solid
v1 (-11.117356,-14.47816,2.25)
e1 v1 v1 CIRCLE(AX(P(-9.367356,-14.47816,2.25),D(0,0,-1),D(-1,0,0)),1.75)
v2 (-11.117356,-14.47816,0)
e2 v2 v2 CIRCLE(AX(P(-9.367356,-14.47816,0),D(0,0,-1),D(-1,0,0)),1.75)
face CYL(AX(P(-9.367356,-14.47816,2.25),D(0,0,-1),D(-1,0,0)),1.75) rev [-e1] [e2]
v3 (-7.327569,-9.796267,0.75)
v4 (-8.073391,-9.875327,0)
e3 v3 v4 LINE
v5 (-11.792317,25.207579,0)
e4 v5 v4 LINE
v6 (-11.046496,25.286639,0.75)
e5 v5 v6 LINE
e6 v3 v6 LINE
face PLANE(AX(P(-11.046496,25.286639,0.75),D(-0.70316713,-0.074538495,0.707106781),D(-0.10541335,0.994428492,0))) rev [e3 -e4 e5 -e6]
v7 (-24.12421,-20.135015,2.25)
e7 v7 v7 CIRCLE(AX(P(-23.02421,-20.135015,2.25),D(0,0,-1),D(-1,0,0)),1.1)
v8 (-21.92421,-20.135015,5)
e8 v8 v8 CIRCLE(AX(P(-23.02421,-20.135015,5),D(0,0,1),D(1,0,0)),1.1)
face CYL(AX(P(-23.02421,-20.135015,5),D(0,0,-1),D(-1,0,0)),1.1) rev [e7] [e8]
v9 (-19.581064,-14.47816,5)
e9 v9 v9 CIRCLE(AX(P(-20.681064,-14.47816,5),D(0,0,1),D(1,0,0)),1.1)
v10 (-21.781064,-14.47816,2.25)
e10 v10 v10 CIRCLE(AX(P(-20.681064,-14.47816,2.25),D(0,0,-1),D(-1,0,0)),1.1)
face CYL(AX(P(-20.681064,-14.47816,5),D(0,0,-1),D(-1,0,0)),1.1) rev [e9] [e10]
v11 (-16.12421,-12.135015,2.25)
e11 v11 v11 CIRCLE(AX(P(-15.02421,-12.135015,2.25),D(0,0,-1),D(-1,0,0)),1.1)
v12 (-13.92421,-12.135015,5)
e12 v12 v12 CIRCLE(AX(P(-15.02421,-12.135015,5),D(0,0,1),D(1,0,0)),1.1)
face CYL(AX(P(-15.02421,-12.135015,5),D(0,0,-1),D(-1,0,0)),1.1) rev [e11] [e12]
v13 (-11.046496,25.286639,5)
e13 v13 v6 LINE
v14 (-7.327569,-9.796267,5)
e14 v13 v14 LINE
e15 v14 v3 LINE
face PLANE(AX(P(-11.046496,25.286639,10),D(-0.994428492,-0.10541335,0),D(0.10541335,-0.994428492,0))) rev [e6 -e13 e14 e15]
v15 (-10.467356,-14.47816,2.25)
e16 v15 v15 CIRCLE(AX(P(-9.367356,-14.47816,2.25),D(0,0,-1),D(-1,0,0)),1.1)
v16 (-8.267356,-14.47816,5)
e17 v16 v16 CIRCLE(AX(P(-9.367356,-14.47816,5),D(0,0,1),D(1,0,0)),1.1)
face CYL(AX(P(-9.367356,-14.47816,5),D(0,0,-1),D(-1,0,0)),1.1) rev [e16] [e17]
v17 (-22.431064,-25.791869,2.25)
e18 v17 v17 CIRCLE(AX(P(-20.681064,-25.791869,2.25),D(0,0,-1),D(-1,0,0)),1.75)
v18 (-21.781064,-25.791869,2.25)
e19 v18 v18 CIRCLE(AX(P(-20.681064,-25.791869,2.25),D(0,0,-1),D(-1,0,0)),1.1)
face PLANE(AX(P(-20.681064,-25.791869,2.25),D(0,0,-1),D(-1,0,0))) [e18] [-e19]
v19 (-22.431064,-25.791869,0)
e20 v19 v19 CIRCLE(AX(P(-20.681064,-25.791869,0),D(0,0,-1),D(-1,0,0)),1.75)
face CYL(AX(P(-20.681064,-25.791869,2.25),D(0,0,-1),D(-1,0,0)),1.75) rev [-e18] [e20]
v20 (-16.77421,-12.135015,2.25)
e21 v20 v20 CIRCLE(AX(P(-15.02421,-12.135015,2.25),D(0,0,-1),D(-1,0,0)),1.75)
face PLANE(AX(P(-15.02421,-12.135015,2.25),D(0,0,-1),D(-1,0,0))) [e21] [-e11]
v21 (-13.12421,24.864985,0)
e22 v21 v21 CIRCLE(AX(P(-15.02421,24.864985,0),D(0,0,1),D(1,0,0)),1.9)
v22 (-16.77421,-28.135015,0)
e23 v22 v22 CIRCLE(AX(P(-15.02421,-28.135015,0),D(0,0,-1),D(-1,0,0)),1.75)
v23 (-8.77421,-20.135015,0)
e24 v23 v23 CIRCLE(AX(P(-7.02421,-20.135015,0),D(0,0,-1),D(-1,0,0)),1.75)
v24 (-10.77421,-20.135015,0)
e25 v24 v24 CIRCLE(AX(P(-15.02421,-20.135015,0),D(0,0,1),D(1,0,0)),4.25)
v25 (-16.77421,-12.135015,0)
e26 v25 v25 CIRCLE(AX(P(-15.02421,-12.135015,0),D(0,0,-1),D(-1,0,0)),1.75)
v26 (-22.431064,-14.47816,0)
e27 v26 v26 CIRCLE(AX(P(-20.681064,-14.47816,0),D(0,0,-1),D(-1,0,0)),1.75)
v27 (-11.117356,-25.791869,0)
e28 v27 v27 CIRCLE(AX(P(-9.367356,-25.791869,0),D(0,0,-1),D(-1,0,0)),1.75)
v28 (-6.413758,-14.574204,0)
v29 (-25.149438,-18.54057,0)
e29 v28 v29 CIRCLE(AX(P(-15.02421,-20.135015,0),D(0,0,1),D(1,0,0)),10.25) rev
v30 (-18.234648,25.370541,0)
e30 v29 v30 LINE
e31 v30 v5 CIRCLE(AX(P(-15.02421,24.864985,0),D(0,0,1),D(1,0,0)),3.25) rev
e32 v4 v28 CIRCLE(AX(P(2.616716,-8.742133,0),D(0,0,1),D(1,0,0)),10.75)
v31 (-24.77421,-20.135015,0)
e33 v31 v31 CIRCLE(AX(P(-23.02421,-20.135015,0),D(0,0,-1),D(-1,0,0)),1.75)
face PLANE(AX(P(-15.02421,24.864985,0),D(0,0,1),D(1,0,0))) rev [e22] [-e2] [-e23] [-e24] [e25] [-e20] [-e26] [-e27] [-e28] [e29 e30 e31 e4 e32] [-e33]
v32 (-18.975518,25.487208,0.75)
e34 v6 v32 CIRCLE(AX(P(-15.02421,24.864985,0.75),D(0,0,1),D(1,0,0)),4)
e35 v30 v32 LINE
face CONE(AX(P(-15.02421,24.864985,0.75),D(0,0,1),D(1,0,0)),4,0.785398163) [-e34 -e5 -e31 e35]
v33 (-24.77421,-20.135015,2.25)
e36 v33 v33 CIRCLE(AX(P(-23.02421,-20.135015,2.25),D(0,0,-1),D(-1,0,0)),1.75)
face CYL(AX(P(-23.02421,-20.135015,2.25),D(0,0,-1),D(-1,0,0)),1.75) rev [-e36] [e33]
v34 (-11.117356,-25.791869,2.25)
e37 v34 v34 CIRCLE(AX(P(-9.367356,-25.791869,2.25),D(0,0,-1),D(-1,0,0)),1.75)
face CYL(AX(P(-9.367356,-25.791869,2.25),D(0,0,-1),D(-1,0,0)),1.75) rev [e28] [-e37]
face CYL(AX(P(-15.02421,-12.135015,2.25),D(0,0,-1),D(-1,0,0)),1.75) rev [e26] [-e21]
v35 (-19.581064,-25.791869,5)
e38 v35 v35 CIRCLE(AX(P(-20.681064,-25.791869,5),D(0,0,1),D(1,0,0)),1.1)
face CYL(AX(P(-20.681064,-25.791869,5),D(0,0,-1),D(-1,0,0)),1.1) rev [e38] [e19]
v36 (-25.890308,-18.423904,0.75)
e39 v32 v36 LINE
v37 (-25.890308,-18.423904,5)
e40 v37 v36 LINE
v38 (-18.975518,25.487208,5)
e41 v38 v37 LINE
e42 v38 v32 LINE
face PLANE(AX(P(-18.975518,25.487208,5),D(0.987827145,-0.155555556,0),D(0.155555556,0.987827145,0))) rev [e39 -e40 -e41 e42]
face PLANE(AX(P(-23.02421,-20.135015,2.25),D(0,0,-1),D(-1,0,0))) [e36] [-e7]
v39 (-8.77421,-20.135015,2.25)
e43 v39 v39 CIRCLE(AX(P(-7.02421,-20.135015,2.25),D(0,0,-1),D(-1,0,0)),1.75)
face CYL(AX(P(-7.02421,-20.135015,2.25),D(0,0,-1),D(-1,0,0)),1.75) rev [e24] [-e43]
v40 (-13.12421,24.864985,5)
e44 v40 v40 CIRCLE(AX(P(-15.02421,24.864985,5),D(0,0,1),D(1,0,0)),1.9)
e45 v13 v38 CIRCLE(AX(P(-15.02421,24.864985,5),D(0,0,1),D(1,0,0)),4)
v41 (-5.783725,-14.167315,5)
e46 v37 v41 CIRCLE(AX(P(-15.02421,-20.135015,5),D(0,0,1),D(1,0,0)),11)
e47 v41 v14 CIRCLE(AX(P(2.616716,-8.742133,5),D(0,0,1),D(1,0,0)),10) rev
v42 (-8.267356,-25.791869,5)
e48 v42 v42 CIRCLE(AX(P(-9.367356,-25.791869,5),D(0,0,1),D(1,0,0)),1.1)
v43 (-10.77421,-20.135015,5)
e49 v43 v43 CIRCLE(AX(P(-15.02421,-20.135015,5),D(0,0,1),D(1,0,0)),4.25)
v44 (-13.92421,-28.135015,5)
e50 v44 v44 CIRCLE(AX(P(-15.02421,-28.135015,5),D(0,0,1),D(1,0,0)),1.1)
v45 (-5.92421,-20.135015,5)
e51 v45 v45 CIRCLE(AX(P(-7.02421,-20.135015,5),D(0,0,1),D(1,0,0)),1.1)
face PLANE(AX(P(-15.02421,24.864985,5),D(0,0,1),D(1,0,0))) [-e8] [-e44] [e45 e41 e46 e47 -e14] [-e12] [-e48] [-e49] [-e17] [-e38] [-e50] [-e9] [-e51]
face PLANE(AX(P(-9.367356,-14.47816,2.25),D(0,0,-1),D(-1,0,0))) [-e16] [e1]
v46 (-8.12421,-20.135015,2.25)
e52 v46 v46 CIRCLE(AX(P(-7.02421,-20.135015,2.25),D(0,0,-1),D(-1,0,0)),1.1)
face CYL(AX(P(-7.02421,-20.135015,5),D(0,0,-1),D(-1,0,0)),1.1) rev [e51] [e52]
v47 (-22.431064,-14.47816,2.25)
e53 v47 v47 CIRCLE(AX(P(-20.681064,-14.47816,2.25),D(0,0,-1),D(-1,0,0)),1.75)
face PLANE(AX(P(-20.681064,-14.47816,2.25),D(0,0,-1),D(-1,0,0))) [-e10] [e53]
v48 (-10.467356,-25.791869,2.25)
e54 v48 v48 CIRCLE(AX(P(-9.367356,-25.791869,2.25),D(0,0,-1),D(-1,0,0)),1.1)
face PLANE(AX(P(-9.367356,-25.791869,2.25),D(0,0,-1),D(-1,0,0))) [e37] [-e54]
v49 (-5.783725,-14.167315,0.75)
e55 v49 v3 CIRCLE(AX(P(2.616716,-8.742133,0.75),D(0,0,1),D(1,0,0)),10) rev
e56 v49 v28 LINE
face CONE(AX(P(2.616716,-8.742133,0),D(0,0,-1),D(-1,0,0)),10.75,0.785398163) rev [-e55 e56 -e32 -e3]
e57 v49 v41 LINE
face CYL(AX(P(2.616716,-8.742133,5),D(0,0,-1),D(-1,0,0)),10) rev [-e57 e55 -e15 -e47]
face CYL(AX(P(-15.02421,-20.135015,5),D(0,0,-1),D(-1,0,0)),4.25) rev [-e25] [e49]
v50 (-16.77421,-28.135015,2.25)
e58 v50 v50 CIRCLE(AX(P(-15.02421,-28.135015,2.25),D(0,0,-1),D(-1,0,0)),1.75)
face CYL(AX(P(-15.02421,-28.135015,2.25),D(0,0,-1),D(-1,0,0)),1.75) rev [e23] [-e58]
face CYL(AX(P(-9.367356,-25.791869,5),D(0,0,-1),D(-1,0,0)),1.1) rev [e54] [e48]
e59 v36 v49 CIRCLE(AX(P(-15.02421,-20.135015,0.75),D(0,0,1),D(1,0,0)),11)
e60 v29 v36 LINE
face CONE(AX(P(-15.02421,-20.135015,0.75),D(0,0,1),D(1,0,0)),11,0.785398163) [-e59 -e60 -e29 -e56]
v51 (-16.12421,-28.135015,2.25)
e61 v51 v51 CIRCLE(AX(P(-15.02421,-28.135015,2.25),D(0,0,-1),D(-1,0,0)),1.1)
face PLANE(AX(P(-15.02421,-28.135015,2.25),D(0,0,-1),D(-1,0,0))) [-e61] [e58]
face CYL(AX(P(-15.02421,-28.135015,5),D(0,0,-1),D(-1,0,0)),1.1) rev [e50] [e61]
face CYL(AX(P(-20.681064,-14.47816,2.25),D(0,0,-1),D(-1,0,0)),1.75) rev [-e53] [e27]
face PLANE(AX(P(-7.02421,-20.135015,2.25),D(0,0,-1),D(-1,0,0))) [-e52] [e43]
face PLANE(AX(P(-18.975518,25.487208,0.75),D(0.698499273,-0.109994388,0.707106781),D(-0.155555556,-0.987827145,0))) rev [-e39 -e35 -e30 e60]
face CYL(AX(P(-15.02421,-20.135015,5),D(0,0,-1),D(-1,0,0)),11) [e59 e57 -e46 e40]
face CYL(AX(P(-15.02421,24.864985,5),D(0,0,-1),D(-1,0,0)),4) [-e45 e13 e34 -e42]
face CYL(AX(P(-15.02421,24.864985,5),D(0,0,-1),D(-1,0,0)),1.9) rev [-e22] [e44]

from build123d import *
from build123d.topology import SkipClean

# Parameters (mm, degrees)
SKETCH1_R             = 1.9
SKETCH1_R_2           = 4.25
SKETCH1_R_3           = 1.1
BOSS_EXTRUDE1_DEPTH   = 5
SKETCH4_R             = 1.75
CUT_EXTRUDE3_DEPTH    = 2.25
CORTAR_EXTRUIR1_DEPTH = 10
REDONDEO1_R           = 10
CHAFL_N1_SIZE         = 0.75


with BuildPart() as part:
    # Sketch1 → Boss-Extrude1 (new body)
    with BuildSketch(Plane.XY):
        with BuildLine():
            Line((-18.975518457, 25.487207509), (-25.890308475, -18.423903602))
            ThreePointArc((-25.890308475, -18.423903602), (-15.024209876, -31.135014713), (-4.158111277, -18.423903602))
            Line((-4.158111277, -18.423903602), (-11.072901294, 25.487207509))
            ThreePointArc((-11.072901294, 25.487207509), (-15.024209876, 28.864985287), (-18.975518457, 25.487207509))
        make_face()
        with Locations((-15.024209876, 24.864985287)):
            Circle(SKETCH1_R, mode=Mode.SUBTRACT)
        with Locations((-15.024209876, -20.135014713)):
            Circle(SKETCH1_R_2, mode=Mode.SUBTRACT)
        with Locations((-7.024209876, -20.135014713)):
            Circle(SKETCH1_R_3, mode=Mode.SUBTRACT)
        with Locations((-9.367355626, -25.791868962)):
            Circle(SKETCH1_R_3, mode=Mode.SUBTRACT)
        with Locations((-15.024209876, -28.135014713)):
            Circle(SKETCH1_R_3, mode=Mode.SUBTRACT)
        with Locations((-20.681064125, -25.791868962)):
            Circle(SKETCH1_R_3, mode=Mode.SUBTRACT)
        with Locations((-23.024209876, -20.135014713)):
            Circle(SKETCH1_R_3, mode=Mode.SUBTRACT)
        with Locations((-20.681064125, -14.478160463)):
            Circle(SKETCH1_R_3, mode=Mode.SUBTRACT)
        with Locations((-15.024209876, -12.135014713)):
            Circle(SKETCH1_R_3, mode=Mode.SUBTRACT)
        with Locations((-9.367355626, -14.478160463)):
            Circle(SKETCH1_R_3, mode=Mode.SUBTRACT)
    extrude(amount=BOSS_EXTRUDE1_DEPTH)

    # Sketch4 → Cut-Extrude3 (cut)
    with BuildSketch(Plane(origin=(0, 0, 0), x_dir=(-1, 0, 0), z_dir=(0, 0, -1))):
        with Locations((23.024209876, -20.135014713)):
            Circle(SKETCH4_R)
        with Locations((20.681064125, -25.791868962)):
            Circle(SKETCH4_R)
        with Locations((15.024209876, -28.135014713)):
            Circle(SKETCH4_R)
        with Locations((9.367355626, -25.791868962)):
            Circle(SKETCH4_R)
        with Locations((7.024209876, -20.135014713)):
            Circle(SKETCH4_R)
        with Locations((9.367355626, -14.478160463)):
            Circle(SKETCH4_R)
        with Locations((15.024209876, -12.135014713)):
            Circle(SKETCH4_R)
        with Locations((20.681064125, -14.478160463)):
            Circle(SKETCH4_R)
    extrude(amount=-CUT_EXTRUDE3_DEPTH, mode=Mode.SUBTRACT)

    # Croquis1 → Cortar-Extruir1 (cut)
    with SkipClean():  # the faces are left unmerged after this step: merging them gives an invalid solid
        with BuildSketch(Plane(origin=(0, 0, 0), x_dir=(-1, 0, 0), z_dir=(0, 0, -1))):
            with BuildLine():
                Line((11.046495908, 25.286638687), (7.032909488, -12.57597257))
                ThreePointArc((7.032909488, -12.57597257), (5.15253583, -15.282175181), (4.158111277, -18.423903602))
                Line((4.158111277, -18.423903602), (11.072901294, 25.487207509))
                ThreePointArc((11.072901294, 25.487207509), (11.05843043, 25.387090056), (11.046495908, 25.286638687))
            make_face()
        extrude(amount=-CORTAR_EXTRUIR1_DEPTH, mode=Mode.SUBTRACT)

    # Redondeo1
    redondeo1_edges = [part.edges().sort_by_distance(p)[0] for p in [
        (-7.032909488, -12.57597257, 2.5),
    ]]
    fillet(redondeo1_edges, radius=REDONDEO1_R)

    # Chaflán1
    chafl_n1_edges = [part.edges().sort_by_distance(p)[0] for p in [
        (-9.187032597, 7.74518595, 0),
        (-6.81242829, -12.072485352, 0),
        (-15.024209876, -31.135014713, 0),
        (-22.432913466, 3.531651954, 0),
        (-15.024209876, 28.864985287, 0),
    ]]
    chamfer(chafl_n1_edges, length=CHAFL_N1_SIZE)


solid = part.part
